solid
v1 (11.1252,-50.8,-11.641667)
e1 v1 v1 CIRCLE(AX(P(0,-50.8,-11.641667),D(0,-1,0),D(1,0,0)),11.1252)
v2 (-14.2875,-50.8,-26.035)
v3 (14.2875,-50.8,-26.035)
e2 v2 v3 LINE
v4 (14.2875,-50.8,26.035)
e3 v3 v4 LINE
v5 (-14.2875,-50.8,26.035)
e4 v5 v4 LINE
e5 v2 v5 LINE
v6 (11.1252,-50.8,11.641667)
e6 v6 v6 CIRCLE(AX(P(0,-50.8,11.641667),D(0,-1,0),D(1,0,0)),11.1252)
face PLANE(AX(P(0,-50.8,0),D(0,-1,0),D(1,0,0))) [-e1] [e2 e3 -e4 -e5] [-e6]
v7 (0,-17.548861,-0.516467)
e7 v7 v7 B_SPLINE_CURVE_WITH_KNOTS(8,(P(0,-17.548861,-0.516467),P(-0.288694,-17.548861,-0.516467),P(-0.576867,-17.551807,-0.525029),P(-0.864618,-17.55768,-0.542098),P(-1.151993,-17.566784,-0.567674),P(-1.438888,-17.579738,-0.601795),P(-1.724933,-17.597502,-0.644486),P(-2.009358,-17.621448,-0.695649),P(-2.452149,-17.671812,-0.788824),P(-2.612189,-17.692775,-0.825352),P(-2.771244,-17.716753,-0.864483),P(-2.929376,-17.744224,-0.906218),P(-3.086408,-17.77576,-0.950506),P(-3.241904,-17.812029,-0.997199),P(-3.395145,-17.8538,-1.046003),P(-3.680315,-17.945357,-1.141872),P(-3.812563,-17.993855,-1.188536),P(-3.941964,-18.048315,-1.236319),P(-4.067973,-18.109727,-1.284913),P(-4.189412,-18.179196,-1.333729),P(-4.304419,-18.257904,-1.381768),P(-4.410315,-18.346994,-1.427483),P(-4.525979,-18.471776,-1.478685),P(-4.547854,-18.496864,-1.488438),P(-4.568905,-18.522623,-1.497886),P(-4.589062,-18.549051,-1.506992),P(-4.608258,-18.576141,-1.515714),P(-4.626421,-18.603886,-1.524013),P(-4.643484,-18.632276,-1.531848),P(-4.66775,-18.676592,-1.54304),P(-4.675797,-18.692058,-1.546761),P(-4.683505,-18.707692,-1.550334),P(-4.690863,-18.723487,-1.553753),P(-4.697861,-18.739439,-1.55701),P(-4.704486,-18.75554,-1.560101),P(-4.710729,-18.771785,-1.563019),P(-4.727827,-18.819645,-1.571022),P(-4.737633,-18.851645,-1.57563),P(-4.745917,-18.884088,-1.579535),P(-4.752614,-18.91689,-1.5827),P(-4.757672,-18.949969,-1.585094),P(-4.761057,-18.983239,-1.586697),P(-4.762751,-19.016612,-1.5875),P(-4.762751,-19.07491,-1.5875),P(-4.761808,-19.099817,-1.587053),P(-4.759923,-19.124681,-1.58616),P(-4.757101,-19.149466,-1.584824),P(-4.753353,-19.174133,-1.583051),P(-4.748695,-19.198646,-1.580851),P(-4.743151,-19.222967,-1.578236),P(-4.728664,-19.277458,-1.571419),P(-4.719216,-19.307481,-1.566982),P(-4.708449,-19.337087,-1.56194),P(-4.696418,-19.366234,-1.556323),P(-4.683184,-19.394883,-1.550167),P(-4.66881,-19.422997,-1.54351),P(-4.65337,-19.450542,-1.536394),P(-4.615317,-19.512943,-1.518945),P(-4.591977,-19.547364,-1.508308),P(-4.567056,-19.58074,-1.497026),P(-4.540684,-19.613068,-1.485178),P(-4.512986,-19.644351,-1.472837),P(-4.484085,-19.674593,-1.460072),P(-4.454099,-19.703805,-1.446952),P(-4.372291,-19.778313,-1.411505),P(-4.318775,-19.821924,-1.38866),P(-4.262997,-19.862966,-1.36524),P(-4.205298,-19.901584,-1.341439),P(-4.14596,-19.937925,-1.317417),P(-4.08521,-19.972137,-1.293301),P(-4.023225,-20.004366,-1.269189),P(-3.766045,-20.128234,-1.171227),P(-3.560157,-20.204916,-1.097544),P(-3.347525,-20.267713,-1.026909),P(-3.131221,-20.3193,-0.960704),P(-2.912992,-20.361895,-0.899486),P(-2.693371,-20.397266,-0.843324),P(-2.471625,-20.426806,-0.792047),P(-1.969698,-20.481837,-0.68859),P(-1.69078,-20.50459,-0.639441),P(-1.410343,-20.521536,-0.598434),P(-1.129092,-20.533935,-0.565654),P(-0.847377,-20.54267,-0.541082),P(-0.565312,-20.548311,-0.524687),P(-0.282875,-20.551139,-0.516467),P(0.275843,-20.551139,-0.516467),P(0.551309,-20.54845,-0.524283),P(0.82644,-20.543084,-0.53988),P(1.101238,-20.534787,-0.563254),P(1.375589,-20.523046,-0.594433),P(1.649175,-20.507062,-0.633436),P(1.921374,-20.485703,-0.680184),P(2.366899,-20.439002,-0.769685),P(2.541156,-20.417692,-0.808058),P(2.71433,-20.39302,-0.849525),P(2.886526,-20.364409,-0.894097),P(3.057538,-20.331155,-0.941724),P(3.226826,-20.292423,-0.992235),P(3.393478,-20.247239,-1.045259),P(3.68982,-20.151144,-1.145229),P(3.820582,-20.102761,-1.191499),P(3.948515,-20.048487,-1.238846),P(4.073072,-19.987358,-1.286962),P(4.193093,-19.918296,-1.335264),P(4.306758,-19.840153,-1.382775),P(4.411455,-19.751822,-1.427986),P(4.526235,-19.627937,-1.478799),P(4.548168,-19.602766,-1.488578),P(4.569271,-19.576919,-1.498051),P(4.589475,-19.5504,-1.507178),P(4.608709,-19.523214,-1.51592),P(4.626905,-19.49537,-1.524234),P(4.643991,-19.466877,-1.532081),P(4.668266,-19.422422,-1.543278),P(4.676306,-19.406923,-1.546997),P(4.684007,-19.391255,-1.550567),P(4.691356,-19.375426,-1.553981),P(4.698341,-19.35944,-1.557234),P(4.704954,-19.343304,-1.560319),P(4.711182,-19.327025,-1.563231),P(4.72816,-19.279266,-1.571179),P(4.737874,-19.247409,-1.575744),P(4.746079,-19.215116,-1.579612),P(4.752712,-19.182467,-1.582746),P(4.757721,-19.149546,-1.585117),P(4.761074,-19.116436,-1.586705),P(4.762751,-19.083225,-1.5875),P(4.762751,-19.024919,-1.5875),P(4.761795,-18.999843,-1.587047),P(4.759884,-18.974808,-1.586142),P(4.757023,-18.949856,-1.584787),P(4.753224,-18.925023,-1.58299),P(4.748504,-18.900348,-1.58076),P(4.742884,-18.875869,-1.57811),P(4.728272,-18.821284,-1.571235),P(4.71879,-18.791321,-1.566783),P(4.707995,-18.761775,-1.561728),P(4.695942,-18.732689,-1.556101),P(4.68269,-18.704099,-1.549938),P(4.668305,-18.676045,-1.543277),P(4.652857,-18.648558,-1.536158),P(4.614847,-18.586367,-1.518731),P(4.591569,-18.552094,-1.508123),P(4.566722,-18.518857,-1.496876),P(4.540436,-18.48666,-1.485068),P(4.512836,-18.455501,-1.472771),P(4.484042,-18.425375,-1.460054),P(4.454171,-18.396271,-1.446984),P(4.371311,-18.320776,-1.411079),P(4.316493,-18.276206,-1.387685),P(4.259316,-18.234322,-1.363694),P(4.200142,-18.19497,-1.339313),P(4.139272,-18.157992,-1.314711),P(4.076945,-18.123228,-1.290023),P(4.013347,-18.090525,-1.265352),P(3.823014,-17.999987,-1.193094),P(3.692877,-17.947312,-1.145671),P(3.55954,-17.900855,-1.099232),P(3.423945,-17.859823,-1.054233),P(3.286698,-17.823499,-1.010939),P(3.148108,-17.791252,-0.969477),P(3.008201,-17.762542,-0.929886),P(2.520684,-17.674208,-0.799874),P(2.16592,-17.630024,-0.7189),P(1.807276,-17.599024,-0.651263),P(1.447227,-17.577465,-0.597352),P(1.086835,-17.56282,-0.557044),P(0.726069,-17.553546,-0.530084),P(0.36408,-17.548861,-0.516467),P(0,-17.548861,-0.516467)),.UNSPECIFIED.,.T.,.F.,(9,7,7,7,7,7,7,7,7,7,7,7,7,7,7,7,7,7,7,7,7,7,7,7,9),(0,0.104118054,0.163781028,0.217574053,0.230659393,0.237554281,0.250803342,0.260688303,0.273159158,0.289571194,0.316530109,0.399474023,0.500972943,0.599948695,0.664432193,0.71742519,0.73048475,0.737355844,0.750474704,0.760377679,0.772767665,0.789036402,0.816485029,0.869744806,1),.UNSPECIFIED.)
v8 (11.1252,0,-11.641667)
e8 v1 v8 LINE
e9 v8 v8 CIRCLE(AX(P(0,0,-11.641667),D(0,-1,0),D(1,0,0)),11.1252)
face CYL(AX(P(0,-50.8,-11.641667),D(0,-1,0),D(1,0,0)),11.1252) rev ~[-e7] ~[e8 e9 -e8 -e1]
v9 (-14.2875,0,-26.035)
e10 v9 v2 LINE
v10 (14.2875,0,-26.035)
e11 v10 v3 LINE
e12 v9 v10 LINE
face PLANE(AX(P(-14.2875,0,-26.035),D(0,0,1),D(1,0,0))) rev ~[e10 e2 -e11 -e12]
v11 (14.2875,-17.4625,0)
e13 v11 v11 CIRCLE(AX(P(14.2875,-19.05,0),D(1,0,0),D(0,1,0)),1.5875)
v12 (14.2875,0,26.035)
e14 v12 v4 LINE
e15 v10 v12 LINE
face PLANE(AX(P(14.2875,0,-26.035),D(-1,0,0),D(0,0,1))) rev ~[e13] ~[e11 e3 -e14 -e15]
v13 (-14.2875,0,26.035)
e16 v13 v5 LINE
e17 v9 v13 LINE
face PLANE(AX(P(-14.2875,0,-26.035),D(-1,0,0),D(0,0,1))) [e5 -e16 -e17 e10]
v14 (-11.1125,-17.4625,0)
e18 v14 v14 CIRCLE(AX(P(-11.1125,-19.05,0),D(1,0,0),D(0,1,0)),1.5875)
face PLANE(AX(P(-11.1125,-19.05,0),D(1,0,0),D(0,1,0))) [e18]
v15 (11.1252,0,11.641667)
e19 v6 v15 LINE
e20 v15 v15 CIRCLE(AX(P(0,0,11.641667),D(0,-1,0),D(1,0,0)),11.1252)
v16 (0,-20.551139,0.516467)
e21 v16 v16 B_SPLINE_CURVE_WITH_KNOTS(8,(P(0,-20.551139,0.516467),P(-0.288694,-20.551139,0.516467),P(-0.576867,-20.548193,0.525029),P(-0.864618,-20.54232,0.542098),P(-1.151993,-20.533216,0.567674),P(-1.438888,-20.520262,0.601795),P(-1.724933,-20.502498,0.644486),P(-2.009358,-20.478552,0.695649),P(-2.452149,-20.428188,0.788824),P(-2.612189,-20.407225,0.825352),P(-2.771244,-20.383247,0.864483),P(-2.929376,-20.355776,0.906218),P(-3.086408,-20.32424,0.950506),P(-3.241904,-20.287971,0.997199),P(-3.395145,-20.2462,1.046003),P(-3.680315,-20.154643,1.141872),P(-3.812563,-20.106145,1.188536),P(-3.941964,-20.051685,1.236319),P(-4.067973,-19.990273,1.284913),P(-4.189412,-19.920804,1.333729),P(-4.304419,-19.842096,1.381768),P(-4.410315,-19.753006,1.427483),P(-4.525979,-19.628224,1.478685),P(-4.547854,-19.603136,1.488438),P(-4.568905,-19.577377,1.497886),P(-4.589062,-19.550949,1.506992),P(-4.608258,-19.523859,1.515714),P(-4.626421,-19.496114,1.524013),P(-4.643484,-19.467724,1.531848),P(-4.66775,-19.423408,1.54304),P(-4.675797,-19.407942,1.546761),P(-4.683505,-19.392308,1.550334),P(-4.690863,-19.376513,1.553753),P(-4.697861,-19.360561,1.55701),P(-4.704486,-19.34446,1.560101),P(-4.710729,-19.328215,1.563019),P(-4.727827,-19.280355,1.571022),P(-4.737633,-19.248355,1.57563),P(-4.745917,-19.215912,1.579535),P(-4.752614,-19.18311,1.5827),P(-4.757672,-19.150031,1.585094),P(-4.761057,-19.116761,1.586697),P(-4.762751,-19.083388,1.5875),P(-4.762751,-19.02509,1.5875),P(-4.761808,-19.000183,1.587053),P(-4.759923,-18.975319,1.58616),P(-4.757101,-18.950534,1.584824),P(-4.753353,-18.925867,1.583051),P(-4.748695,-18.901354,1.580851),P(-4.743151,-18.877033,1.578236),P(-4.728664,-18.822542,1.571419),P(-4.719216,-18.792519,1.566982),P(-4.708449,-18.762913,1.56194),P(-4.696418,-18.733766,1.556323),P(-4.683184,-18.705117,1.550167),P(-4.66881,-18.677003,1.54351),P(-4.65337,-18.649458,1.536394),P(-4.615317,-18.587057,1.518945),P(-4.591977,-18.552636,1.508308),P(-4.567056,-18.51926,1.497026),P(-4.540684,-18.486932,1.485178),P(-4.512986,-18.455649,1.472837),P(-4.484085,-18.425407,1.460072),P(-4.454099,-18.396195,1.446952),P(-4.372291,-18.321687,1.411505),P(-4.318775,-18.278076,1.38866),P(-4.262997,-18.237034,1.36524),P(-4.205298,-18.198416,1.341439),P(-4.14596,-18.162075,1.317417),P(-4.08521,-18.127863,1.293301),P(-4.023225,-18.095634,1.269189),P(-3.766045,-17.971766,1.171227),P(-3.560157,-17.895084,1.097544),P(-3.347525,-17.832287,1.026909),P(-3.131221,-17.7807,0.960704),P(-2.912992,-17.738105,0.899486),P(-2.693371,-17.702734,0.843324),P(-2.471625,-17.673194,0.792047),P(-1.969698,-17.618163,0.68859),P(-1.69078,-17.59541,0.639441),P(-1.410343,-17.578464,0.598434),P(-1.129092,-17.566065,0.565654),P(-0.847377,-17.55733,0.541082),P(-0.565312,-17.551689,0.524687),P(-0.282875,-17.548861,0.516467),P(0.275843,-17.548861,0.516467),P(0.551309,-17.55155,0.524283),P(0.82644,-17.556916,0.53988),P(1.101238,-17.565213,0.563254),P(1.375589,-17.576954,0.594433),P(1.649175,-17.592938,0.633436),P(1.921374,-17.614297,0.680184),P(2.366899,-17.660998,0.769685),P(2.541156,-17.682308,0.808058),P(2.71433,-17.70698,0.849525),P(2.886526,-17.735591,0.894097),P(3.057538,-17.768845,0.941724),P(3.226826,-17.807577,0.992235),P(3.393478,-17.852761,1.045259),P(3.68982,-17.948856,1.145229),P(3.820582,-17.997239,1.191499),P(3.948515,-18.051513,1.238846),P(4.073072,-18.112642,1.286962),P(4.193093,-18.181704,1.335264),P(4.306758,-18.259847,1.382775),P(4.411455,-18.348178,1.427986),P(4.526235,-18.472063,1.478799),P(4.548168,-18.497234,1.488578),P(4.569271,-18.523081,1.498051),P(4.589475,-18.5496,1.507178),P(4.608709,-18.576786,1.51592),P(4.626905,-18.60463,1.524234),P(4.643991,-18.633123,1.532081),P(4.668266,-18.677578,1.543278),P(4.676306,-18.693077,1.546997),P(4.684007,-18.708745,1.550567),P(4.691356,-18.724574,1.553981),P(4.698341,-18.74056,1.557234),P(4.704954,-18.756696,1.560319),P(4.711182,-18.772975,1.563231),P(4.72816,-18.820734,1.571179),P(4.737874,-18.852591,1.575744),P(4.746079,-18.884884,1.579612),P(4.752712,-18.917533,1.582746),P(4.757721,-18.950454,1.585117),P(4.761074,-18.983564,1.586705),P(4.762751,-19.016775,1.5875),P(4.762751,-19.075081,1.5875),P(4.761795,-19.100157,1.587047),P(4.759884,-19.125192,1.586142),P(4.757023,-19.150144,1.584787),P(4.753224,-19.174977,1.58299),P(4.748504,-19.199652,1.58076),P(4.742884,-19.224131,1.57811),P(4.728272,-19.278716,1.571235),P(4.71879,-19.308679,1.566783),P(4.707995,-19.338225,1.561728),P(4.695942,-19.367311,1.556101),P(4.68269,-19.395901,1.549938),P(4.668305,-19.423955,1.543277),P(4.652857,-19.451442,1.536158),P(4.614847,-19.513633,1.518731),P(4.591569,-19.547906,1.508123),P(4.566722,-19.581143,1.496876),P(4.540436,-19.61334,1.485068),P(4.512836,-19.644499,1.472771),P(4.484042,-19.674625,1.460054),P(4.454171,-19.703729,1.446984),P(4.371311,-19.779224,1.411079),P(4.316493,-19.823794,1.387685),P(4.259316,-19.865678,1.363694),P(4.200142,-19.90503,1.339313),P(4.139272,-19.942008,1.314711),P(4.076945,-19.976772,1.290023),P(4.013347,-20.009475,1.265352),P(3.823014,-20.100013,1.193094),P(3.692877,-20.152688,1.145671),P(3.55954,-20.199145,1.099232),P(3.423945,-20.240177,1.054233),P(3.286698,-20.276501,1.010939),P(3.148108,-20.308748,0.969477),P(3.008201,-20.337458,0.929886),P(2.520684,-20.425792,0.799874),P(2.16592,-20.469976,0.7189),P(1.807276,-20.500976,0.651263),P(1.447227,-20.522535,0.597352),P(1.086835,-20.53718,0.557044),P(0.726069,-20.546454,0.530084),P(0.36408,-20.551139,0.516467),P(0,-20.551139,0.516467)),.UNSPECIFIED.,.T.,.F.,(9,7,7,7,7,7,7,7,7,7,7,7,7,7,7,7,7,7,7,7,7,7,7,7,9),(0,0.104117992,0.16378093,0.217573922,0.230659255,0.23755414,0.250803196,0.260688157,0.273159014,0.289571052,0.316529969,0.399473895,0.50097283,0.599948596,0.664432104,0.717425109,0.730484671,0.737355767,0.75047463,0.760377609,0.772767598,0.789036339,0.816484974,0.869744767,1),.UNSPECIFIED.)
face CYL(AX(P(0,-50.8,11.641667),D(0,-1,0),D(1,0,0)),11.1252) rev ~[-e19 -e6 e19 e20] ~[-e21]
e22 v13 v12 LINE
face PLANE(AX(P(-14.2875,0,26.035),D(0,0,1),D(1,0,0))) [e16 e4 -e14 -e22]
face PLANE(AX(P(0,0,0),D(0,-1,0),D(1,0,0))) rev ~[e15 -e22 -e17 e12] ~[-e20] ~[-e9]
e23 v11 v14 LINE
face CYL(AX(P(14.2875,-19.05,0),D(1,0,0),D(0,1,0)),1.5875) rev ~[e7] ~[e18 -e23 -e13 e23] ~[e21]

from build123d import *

# Parameters (mm, degrees)
F0_W     = 28.575
F0_H     = 52.07
F1_DEPTH = 50.8
F2_R     = 11.1252
F3_DEPTH = 50.801
F4_R     = 1.5875
F5_DEPTH = 25.4


with BuildPart() as f1:
    # F0 (on Front) → F1 (new body)
    with BuildSketch(Plane.XZ):
        Rectangle(F0_W, F0_H)
    extrude(amount=F1_DEPTH)

    # F2 (on face) → F3 (cut, through all)
    with BuildSketch(Plane.XZ.offset(50.8)):
        with Locations((0, 11.641667)):
            Circle(F2_R)
        with Locations((0, -11.641667)):
            Circle(F2_R)
    extrude(amount=-F3_DEPTH, mode=Mode.SUBTRACT)

    # F4 (on face) → F5 (cut)
    with BuildSketch(Plane.YZ.offset(14.2875)):
        with Locations((-19.05, 0)):
            Circle(F4_R)
    extrude(amount=-F5_DEPTH, mode=Mode.SUBTRACT)


solid = f1.part
